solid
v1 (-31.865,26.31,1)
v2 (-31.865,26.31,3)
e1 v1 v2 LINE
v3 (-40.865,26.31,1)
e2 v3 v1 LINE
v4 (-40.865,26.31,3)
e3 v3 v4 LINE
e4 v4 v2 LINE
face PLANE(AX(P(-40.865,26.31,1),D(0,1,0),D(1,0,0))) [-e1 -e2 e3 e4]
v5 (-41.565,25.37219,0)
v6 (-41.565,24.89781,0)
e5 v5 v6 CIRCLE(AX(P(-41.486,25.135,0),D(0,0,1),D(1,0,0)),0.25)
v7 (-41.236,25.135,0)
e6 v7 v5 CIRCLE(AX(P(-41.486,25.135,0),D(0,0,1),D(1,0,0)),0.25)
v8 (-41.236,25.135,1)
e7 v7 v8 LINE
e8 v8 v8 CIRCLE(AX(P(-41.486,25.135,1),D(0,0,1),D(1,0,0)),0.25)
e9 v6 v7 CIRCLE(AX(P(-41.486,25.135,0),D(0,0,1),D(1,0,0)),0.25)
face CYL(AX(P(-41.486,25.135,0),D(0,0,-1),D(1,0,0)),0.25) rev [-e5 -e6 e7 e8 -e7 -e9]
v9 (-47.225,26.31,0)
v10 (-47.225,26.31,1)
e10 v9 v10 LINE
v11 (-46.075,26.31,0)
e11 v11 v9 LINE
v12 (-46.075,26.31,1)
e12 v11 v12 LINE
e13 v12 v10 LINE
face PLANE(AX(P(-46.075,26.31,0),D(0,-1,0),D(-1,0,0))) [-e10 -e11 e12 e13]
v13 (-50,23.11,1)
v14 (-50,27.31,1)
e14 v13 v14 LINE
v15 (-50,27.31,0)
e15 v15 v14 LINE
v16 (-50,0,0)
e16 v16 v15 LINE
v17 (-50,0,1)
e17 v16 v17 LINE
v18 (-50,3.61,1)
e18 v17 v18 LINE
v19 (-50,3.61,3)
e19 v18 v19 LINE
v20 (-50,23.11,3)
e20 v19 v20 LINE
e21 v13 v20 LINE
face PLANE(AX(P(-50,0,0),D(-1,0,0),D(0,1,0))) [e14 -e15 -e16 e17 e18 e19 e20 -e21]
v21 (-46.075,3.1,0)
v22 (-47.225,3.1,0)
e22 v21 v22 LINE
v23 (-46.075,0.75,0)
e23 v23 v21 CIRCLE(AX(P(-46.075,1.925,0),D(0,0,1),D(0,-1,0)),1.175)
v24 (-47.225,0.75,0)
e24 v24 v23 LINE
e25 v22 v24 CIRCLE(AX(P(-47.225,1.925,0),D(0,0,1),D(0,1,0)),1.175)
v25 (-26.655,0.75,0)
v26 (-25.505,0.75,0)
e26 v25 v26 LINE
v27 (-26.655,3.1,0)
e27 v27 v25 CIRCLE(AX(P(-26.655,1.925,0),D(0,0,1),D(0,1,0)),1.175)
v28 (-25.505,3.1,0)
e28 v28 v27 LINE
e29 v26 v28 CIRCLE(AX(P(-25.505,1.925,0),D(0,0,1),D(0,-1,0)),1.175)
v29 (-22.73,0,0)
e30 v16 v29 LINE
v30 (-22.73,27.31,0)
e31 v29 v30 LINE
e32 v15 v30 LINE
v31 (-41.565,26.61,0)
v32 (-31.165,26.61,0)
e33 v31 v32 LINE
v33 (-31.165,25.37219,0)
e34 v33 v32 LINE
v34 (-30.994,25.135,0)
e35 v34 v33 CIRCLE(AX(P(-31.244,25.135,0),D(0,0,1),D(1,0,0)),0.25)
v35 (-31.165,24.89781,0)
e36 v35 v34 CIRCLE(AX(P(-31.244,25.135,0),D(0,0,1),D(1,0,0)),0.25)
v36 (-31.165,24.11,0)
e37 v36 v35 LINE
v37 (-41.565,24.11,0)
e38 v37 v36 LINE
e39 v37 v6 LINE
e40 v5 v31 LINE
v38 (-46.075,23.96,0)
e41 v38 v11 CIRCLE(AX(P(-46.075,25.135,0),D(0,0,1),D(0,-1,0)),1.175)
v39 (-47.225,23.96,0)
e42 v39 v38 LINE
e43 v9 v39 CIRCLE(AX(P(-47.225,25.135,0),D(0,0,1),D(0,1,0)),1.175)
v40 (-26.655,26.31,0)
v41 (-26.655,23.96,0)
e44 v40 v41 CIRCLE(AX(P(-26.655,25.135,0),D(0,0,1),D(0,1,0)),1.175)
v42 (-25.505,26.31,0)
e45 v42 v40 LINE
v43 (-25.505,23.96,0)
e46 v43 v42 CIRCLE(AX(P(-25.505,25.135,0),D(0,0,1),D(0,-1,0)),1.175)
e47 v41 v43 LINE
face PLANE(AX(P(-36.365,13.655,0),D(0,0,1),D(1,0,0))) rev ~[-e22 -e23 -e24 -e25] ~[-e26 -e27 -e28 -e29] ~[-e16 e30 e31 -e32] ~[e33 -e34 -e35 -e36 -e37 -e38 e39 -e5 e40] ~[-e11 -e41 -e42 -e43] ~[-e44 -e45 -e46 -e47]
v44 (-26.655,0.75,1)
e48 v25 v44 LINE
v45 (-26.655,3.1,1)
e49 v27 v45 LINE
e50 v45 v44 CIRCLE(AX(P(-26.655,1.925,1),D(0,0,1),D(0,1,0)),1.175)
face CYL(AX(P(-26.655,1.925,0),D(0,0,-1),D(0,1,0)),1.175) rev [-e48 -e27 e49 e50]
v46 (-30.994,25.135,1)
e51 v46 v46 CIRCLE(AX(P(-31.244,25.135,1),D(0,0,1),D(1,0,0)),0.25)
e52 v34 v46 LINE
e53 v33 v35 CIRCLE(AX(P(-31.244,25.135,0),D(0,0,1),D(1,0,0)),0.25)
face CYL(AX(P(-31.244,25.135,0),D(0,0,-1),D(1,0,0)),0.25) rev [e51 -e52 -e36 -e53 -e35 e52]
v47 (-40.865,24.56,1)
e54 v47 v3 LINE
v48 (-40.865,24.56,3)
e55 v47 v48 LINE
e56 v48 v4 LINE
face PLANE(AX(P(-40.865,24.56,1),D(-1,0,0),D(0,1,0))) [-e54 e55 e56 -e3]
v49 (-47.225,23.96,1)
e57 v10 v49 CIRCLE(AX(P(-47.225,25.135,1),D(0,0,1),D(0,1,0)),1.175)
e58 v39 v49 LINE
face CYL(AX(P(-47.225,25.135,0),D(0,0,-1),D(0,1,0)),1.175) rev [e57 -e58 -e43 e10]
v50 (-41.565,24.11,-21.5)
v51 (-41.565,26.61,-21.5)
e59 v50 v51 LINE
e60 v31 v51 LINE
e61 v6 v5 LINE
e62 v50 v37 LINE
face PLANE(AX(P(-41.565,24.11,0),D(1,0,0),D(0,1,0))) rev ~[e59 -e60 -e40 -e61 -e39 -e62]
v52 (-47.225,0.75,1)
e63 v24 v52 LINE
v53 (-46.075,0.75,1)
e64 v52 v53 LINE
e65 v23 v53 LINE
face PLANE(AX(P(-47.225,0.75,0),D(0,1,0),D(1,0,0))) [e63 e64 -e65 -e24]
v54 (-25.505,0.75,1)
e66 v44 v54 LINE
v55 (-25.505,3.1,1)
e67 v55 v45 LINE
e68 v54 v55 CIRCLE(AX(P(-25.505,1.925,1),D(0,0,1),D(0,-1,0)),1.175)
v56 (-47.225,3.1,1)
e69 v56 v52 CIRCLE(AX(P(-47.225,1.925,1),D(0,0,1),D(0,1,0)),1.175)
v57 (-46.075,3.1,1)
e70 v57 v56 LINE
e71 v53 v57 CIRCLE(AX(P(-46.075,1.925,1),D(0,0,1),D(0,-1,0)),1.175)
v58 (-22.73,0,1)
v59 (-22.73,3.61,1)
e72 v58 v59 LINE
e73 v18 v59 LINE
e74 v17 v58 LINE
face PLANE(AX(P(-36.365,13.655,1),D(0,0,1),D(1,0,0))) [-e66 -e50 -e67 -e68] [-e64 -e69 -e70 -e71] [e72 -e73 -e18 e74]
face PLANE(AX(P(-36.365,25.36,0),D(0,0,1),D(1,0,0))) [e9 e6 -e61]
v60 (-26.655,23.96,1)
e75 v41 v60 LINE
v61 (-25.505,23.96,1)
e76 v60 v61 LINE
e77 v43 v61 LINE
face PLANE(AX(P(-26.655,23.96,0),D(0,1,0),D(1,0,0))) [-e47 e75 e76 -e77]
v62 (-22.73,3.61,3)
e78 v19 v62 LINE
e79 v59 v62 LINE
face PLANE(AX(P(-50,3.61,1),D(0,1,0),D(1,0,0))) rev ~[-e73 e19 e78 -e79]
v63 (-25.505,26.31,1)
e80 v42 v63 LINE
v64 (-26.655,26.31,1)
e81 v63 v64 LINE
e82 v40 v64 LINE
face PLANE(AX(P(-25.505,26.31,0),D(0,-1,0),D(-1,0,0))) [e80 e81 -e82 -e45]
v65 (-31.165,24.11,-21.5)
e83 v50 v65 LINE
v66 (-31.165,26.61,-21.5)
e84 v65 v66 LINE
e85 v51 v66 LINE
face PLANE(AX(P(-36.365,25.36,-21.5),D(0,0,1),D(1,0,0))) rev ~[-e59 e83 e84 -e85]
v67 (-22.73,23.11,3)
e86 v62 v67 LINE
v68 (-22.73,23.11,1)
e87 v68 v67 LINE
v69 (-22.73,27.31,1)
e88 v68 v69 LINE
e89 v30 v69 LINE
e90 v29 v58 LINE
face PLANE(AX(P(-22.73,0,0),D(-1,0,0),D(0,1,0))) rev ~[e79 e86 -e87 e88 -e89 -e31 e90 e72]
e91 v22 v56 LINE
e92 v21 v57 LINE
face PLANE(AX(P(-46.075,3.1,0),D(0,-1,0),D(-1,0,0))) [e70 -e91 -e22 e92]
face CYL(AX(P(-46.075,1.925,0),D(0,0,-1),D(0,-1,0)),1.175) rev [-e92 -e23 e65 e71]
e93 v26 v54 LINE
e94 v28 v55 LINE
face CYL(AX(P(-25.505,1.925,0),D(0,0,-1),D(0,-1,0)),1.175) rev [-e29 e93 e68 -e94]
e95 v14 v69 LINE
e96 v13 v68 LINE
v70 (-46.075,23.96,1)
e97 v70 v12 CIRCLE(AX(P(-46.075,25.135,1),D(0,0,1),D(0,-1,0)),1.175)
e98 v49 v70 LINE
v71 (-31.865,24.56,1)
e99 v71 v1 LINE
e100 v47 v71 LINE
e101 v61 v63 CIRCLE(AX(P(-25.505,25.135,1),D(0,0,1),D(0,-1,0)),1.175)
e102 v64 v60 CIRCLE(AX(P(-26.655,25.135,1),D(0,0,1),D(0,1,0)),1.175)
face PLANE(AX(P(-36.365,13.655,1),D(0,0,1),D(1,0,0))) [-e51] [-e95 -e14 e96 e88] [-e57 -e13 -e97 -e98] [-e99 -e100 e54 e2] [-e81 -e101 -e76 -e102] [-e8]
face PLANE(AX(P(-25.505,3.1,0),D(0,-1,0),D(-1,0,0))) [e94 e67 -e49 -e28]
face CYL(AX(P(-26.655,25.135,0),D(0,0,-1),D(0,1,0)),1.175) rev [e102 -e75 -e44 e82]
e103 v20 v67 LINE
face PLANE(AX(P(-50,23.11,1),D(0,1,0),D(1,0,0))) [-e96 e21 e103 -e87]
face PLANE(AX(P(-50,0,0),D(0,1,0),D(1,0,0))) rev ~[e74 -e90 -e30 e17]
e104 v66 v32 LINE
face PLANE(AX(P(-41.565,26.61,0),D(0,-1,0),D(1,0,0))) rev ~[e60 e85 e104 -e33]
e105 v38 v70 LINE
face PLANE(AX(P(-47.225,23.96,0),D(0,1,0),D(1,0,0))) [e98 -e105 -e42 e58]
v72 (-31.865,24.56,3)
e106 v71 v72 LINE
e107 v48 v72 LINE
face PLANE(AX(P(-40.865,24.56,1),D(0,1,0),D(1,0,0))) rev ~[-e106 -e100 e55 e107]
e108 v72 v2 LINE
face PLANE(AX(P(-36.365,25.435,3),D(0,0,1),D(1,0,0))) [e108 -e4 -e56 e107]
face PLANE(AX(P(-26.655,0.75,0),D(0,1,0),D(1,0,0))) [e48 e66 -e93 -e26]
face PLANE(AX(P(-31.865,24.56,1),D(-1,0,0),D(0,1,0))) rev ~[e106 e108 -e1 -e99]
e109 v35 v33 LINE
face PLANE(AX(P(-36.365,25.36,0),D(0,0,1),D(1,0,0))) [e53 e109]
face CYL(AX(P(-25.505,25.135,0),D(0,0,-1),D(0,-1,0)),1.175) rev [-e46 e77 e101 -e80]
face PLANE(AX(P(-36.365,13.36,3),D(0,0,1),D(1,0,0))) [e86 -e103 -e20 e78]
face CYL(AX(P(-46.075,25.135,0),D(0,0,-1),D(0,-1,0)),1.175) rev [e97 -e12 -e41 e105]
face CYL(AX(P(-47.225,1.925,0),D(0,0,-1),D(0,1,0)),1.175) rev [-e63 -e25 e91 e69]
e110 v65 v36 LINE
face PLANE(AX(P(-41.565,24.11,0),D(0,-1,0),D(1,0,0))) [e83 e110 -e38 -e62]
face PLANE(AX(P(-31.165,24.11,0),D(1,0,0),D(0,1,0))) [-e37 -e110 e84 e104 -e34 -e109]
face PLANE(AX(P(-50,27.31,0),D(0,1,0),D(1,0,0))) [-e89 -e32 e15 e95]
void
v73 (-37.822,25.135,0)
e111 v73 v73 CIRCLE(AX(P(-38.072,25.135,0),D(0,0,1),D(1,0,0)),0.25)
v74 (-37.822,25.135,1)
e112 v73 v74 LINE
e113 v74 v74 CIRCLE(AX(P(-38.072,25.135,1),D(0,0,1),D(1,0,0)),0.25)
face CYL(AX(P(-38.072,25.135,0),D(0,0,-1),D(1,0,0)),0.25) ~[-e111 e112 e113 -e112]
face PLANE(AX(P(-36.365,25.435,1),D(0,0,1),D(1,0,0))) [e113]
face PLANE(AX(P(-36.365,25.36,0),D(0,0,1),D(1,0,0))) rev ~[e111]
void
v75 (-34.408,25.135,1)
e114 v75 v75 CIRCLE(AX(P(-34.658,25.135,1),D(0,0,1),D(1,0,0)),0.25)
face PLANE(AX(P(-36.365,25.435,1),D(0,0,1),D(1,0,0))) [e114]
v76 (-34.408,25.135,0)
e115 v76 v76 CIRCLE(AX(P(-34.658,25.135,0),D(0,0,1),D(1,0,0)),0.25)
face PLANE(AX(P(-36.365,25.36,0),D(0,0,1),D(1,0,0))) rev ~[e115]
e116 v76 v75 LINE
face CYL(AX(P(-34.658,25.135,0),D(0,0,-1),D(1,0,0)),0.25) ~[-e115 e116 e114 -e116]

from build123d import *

# Parameters (mm, degrees)
SKETCH007_W      = 27.27
SKETCH007_H      = 19.5
SKETCH007_W_2    = 9
SKETCH007_H_2    = 1.75
EXTRUDE006_DEPTH = 2
SKETCH006_W      = 27.27
SKETCH006_H      = 27.31
SKETCH006_R      = 0.25
EXTRUDE007_DEPTH = 1
SKETCH008_W      = 10.4
SKETCH008_H      = 2.5
EXTRUDE008_DEPTH = 8.5
SKETCH009_W      = 10.4
SKETCH009_H      = 2.5
EXTRUDE009_DEPTH = 21.5


with BuildPart() as extrude_diplay_parts:
    # Sketch007 → Extrude006 (new body)
    with BuildSketch(Plane.XY):
        with Locations((13.635, 13.36)):
            Rectangle(SKETCH007_W, SKETCH007_H)
        with Locations((13.635, 25.435)):
            Rectangle(SKETCH007_W_2, SKETCH007_H_2)
    extrude(amount=EXTRUDE006_DEPTH)


with BuildPart() as extrude_diplay_parts_1:
    # Extrude006 placement: moved
    add(extrude_diplay_parts.part.moved(Location((0, 0, 1))))


with BuildPart() as extrude_display_base:
    # Sketch006 → Extrude007 (new body)
    with BuildSketch(Plane.XY):
        with Locations((13.635, 13.655)):
            Rectangle(SKETCH006_W, SKETCH006_H)
        with Locations((8.514, 25.135)):
            Circle(SKETCH006_R, mode=Mode.SUBTRACT)
        with Locations((11.928, 25.135)):
            Circle(SKETCH006_R, mode=Mode.SUBTRACT)
        with Locations((15.342, 25.135)):
            Circle(SKETCH006_R, mode=Mode.SUBTRACT)
        with Locations((18.756, 25.135)):
            Circle(SKETCH006_R, mode=Mode.SUBTRACT)
        with BuildLine():
            ThreePointArc((2.775, 26.31), (1.6, 25.135), (2.775, 23.96))
            Line((2.775, 23.96), (3.925, 23.96))
            ThreePointArc((3.925, 23.96), (5.1, 25.135), (3.925, 26.31))
            Line((3.925, 26.31), (2.775, 26.31))
        make_face(mode=Mode.SUBTRACT)
        with BuildLine():
            ThreePointArc((23.345, 26.31), (22.17, 25.135), (23.345, 23.96))
            Line((23.345, 23.96), (24.495, 23.96))
            ThreePointArc((24.495, 23.96), (25.67, 25.135), (24.495, 26.31))
            Line((24.495, 26.31), (23.345, 26.31))
        make_face(mode=Mode.SUBTRACT)
        with BuildLine():
            ThreePointArc((2.775, 3.1), (1.6, 1.925), (2.775, 0.75))
            Line((2.775, 0.75), (3.925, 0.75))
            ThreePointArc((3.925, 0.75), (5.1, 1.925), (3.925, 3.1))
            Line((3.925, 3.1), (2.775, 3.1))
        make_face(mode=Mode.SUBTRACT)
        with BuildLine():
            ThreePointArc((23.345, 3.1), (22.17, 1.925), (23.345, 0.75))
            Line((23.345, 0.75), (24.495, 0.75))
            ThreePointArc((24.495, 0.75), (25.67, 1.925), (24.495, 3.1))
            Line((24.495, 3.1), (23.345, 3.1))
        make_face(mode=Mode.SUBTRACT)
    extrude(amount=EXTRUDE007_DEPTH)


with BuildPart() as fusion_display:
    # Sketch008 → Extrude008 (new body)
    with BuildSketch(Plane.XY):
        with Locations((13.635, 25.36)):
            Rectangle(SKETCH008_W, SKETCH008_H)
    extrude(amount=-EXTRUDE008_DEPTH)

    # Fusion002: union Extrude_Diplay_parts, Extrude_Display_base
    add(extrude_diplay_parts_1.part)
    add(extrude_display_base.part)


with BuildPart() as fusion_diplayandconnector:
    # Sketch009 → Extrude009 (new body)
    with BuildSketch(Plane.XY):
        with Locations((13.635, 25.36)):
            Rectangle(SKETCH009_W, SKETCH009_H)
    extrude(amount=-EXTRUDE009_DEPTH)

    # Fusion003: union Fusion_Display
    add(fusion_display.part)


with BuildPart() as fusion_diplayandconnector_1:
    # Fusion003 placement: moved
    add(fusion_diplayandconnector.part.moved(Location((-50, 0, 0))))


solid = fusion_diplayandconnector_1.part
